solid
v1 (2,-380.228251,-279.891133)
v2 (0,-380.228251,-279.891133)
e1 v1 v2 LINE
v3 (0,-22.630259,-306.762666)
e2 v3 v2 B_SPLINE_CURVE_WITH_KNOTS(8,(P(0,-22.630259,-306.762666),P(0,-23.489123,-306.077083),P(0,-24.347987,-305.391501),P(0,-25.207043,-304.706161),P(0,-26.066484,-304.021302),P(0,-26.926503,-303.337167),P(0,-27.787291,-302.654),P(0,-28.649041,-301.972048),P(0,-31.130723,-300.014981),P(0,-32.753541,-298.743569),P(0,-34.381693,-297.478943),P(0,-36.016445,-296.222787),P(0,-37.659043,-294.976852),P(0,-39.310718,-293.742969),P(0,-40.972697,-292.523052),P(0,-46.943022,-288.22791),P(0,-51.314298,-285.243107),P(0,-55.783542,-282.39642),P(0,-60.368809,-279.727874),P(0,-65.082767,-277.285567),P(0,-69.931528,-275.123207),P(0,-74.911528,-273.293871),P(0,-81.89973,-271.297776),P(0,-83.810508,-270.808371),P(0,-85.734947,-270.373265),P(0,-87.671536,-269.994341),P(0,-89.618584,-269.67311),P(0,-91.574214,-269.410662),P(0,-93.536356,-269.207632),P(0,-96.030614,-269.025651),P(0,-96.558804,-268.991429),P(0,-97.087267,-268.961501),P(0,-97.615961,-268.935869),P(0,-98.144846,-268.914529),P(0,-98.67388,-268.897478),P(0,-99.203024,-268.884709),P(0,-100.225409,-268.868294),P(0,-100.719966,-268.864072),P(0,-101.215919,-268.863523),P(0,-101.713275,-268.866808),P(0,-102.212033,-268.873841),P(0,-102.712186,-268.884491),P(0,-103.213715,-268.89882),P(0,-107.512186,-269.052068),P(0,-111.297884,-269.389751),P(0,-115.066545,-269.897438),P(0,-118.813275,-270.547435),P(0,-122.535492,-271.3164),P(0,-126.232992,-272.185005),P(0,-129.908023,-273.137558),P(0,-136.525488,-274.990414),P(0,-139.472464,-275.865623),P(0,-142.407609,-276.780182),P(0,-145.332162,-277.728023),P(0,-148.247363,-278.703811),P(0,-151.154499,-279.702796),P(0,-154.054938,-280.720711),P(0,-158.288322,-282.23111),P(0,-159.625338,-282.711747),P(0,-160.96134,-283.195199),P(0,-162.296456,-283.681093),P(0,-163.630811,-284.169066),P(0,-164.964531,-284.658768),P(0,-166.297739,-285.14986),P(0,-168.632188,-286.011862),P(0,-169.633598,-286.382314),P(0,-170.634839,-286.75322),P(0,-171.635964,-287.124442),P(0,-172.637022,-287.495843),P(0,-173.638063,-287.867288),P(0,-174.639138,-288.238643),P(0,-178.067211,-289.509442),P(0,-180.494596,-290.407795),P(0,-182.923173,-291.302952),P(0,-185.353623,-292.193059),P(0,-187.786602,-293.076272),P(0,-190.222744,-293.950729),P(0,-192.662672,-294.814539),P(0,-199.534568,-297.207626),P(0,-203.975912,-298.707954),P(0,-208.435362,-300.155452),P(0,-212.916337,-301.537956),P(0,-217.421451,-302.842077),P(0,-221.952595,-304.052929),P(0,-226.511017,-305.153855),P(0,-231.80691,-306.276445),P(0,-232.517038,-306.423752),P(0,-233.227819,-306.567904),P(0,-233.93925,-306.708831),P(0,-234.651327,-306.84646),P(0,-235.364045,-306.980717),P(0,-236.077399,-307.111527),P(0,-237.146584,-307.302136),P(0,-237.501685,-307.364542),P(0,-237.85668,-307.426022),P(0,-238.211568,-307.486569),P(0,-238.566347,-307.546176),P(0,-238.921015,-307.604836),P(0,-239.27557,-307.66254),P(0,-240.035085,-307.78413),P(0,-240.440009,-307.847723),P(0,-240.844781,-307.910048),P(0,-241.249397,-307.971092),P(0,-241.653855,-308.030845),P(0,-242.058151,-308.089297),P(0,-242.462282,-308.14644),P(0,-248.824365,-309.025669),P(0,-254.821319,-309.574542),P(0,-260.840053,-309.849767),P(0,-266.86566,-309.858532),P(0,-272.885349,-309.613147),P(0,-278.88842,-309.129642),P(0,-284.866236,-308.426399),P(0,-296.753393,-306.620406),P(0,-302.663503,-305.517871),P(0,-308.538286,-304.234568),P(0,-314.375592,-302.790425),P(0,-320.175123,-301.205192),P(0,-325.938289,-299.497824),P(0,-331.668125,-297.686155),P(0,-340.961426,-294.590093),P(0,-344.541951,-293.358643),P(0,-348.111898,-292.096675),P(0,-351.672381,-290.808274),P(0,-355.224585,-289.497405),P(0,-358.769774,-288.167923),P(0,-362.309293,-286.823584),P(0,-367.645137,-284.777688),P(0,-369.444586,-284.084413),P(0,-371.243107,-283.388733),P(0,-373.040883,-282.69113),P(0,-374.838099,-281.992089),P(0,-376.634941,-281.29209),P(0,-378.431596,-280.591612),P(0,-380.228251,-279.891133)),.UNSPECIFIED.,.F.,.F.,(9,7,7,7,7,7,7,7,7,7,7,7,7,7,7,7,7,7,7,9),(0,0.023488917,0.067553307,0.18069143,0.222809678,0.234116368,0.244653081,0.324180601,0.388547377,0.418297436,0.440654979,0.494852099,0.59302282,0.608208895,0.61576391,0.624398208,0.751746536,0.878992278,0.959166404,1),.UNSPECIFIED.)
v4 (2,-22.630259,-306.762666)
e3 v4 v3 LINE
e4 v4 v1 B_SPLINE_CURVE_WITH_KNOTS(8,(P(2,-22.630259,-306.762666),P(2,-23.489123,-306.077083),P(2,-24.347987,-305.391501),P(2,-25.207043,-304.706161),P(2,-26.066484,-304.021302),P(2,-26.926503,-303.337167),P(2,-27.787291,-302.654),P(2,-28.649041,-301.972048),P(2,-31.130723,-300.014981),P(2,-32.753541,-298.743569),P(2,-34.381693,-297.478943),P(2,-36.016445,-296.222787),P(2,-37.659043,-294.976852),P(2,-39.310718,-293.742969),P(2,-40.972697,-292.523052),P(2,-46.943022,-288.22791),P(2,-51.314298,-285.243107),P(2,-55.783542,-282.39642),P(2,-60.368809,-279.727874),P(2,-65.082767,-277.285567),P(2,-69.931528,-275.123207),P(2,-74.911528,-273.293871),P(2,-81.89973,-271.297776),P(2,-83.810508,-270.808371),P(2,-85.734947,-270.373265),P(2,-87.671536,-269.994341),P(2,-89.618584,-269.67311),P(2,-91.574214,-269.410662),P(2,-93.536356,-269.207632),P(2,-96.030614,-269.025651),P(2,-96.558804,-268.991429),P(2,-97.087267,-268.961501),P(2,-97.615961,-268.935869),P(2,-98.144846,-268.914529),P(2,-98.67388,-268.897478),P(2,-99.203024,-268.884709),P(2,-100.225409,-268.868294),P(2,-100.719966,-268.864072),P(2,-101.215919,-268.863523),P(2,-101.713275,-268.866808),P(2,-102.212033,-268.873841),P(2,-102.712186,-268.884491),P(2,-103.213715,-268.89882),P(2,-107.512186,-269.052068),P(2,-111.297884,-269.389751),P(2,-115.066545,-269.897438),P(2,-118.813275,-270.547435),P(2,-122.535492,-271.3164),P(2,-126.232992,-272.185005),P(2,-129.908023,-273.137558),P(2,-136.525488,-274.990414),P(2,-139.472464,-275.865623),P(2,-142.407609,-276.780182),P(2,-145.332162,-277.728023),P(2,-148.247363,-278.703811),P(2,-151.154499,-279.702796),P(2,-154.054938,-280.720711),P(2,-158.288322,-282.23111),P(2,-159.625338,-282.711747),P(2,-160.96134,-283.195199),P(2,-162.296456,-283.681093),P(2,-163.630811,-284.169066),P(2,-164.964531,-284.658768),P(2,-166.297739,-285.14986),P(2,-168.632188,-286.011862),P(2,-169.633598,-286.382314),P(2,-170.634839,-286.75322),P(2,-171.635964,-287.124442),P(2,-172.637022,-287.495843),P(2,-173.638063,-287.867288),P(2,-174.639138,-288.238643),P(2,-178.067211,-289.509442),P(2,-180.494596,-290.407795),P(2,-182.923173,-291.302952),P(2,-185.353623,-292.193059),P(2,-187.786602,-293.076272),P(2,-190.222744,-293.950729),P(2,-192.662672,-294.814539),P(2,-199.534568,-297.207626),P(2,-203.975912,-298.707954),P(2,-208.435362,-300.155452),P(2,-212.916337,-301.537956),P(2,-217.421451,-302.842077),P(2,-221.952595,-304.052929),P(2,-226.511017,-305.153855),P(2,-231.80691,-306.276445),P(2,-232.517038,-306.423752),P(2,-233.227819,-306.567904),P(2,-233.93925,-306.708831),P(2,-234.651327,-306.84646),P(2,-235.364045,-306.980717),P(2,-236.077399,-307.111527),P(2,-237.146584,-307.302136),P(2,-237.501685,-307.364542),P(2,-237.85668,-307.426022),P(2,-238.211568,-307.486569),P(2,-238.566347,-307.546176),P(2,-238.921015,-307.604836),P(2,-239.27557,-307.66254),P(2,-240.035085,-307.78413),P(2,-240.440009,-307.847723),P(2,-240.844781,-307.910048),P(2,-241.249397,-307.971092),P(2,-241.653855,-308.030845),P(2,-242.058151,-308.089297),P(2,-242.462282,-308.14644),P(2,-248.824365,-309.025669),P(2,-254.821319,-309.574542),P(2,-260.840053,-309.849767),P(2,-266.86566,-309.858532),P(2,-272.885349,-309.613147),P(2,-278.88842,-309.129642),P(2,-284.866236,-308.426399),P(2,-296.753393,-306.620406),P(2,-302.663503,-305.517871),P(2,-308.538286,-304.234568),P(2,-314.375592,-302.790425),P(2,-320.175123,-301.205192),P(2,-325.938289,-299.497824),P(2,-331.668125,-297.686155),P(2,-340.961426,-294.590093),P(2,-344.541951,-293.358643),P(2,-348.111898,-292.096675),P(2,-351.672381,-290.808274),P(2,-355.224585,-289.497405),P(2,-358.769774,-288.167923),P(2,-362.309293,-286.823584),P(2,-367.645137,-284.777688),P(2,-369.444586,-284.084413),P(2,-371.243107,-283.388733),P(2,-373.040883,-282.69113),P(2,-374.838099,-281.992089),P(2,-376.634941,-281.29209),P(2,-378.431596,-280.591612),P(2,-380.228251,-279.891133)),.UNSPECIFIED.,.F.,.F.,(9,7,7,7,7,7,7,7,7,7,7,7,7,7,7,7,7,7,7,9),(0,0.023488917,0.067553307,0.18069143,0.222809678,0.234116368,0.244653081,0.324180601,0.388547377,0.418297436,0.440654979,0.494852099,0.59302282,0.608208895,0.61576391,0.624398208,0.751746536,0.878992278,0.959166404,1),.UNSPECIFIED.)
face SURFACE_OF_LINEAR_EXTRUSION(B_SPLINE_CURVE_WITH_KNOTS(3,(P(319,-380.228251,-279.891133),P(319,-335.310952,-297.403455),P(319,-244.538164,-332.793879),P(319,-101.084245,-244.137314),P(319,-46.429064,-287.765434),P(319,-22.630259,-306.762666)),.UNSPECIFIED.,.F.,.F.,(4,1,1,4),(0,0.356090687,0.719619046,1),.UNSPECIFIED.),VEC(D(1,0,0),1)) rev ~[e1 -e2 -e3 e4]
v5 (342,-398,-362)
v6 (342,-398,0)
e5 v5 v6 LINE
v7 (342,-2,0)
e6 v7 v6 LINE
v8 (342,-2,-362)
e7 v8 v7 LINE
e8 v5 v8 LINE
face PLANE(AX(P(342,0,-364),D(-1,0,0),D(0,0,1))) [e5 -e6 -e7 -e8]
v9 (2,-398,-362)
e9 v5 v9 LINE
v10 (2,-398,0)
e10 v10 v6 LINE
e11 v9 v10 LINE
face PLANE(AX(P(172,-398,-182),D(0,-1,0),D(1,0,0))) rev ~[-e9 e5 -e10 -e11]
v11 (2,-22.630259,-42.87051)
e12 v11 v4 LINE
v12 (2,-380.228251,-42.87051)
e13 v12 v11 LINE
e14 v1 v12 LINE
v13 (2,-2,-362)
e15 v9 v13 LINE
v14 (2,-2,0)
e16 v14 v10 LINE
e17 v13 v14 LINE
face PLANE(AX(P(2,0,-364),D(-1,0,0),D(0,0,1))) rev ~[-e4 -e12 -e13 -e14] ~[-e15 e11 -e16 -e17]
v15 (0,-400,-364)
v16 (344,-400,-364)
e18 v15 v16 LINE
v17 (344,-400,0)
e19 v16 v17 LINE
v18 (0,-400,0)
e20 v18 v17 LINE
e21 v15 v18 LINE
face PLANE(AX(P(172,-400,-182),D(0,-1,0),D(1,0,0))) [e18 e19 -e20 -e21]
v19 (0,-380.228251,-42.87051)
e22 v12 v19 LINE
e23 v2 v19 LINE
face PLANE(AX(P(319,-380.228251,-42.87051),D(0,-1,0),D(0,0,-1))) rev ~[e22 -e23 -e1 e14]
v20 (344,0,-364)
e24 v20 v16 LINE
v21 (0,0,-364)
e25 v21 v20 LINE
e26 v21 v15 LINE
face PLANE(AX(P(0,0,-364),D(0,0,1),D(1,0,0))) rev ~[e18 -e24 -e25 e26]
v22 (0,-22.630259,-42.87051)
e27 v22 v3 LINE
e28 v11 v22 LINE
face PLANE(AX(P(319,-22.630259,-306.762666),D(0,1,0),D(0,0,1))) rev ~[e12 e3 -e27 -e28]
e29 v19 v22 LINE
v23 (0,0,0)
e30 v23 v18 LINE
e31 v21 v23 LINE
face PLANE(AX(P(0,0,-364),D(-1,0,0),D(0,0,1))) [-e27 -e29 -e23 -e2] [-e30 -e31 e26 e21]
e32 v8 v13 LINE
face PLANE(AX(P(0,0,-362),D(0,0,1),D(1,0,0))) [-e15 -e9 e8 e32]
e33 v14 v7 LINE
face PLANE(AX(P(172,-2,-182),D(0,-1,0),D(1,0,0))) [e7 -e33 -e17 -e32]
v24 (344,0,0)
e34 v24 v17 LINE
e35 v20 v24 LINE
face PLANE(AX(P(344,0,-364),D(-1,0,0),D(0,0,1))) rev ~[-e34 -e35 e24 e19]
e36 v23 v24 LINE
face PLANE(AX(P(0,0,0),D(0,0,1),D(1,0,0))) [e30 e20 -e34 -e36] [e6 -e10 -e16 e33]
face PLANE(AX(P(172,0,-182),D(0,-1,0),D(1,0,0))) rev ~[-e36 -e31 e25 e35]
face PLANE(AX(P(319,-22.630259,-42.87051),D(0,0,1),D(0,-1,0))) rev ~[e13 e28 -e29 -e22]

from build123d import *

# Parameters (mm, degrees)
F0_W     = 344
F0_H     = 364
F1_DEPTH = 400
F2_T     = -2
F4_START = -25
F4_DEPTH = 319.001


with BuildPart() as f1:
    # F0 (on Front) → F1 (new body)
    with BuildSketch(Plane.XZ):
        with Locations((172, -182)):
            Rectangle(F0_W, F0_H)
    extrude(amount=F1_DEPTH)

    # F2
    f2_openings = [f1.faces().sort_by_distance(p)[0] for p in [
        (172, -200, 0),
    ]]
    offset(amount=F2_T, openings=f2_openings)

    # F3 (on face) → F4 (cut)
    with BuildSketch(Plane.YZ.offset(344).offset(F4_START)):
        with BuildLine():
            Line((-380.2282512188, -42.8705103695), (-380.2282512188, -279.8911333084))
            add(Edge.make_bspline(
                [(-380.2282512188, -279.8911333084), (-335.3109516688, -297.4034551854), (-244.5381641795, -332.7938791003), (-101.0842446911, -244.1373138208), (-46.4290637673, -287.7654343562), (-22.6302593946, -306.7626655102)],
                knots=[0, 0, 0, 0, 0.3560906868, 0.7196190458, 1, 1, 1, 1], degree=3))
            Line((-22.6302593946, -306.7626655102), (-22.6302593946, -42.8705103695))
            Line((-22.6302593946, -42.8705103695), (-380.2282512188, -42.8705103695))
        make_face()
    extrude(amount=-F4_DEPTH, mode=Mode.SUBTRACT)


solid = f1.part
